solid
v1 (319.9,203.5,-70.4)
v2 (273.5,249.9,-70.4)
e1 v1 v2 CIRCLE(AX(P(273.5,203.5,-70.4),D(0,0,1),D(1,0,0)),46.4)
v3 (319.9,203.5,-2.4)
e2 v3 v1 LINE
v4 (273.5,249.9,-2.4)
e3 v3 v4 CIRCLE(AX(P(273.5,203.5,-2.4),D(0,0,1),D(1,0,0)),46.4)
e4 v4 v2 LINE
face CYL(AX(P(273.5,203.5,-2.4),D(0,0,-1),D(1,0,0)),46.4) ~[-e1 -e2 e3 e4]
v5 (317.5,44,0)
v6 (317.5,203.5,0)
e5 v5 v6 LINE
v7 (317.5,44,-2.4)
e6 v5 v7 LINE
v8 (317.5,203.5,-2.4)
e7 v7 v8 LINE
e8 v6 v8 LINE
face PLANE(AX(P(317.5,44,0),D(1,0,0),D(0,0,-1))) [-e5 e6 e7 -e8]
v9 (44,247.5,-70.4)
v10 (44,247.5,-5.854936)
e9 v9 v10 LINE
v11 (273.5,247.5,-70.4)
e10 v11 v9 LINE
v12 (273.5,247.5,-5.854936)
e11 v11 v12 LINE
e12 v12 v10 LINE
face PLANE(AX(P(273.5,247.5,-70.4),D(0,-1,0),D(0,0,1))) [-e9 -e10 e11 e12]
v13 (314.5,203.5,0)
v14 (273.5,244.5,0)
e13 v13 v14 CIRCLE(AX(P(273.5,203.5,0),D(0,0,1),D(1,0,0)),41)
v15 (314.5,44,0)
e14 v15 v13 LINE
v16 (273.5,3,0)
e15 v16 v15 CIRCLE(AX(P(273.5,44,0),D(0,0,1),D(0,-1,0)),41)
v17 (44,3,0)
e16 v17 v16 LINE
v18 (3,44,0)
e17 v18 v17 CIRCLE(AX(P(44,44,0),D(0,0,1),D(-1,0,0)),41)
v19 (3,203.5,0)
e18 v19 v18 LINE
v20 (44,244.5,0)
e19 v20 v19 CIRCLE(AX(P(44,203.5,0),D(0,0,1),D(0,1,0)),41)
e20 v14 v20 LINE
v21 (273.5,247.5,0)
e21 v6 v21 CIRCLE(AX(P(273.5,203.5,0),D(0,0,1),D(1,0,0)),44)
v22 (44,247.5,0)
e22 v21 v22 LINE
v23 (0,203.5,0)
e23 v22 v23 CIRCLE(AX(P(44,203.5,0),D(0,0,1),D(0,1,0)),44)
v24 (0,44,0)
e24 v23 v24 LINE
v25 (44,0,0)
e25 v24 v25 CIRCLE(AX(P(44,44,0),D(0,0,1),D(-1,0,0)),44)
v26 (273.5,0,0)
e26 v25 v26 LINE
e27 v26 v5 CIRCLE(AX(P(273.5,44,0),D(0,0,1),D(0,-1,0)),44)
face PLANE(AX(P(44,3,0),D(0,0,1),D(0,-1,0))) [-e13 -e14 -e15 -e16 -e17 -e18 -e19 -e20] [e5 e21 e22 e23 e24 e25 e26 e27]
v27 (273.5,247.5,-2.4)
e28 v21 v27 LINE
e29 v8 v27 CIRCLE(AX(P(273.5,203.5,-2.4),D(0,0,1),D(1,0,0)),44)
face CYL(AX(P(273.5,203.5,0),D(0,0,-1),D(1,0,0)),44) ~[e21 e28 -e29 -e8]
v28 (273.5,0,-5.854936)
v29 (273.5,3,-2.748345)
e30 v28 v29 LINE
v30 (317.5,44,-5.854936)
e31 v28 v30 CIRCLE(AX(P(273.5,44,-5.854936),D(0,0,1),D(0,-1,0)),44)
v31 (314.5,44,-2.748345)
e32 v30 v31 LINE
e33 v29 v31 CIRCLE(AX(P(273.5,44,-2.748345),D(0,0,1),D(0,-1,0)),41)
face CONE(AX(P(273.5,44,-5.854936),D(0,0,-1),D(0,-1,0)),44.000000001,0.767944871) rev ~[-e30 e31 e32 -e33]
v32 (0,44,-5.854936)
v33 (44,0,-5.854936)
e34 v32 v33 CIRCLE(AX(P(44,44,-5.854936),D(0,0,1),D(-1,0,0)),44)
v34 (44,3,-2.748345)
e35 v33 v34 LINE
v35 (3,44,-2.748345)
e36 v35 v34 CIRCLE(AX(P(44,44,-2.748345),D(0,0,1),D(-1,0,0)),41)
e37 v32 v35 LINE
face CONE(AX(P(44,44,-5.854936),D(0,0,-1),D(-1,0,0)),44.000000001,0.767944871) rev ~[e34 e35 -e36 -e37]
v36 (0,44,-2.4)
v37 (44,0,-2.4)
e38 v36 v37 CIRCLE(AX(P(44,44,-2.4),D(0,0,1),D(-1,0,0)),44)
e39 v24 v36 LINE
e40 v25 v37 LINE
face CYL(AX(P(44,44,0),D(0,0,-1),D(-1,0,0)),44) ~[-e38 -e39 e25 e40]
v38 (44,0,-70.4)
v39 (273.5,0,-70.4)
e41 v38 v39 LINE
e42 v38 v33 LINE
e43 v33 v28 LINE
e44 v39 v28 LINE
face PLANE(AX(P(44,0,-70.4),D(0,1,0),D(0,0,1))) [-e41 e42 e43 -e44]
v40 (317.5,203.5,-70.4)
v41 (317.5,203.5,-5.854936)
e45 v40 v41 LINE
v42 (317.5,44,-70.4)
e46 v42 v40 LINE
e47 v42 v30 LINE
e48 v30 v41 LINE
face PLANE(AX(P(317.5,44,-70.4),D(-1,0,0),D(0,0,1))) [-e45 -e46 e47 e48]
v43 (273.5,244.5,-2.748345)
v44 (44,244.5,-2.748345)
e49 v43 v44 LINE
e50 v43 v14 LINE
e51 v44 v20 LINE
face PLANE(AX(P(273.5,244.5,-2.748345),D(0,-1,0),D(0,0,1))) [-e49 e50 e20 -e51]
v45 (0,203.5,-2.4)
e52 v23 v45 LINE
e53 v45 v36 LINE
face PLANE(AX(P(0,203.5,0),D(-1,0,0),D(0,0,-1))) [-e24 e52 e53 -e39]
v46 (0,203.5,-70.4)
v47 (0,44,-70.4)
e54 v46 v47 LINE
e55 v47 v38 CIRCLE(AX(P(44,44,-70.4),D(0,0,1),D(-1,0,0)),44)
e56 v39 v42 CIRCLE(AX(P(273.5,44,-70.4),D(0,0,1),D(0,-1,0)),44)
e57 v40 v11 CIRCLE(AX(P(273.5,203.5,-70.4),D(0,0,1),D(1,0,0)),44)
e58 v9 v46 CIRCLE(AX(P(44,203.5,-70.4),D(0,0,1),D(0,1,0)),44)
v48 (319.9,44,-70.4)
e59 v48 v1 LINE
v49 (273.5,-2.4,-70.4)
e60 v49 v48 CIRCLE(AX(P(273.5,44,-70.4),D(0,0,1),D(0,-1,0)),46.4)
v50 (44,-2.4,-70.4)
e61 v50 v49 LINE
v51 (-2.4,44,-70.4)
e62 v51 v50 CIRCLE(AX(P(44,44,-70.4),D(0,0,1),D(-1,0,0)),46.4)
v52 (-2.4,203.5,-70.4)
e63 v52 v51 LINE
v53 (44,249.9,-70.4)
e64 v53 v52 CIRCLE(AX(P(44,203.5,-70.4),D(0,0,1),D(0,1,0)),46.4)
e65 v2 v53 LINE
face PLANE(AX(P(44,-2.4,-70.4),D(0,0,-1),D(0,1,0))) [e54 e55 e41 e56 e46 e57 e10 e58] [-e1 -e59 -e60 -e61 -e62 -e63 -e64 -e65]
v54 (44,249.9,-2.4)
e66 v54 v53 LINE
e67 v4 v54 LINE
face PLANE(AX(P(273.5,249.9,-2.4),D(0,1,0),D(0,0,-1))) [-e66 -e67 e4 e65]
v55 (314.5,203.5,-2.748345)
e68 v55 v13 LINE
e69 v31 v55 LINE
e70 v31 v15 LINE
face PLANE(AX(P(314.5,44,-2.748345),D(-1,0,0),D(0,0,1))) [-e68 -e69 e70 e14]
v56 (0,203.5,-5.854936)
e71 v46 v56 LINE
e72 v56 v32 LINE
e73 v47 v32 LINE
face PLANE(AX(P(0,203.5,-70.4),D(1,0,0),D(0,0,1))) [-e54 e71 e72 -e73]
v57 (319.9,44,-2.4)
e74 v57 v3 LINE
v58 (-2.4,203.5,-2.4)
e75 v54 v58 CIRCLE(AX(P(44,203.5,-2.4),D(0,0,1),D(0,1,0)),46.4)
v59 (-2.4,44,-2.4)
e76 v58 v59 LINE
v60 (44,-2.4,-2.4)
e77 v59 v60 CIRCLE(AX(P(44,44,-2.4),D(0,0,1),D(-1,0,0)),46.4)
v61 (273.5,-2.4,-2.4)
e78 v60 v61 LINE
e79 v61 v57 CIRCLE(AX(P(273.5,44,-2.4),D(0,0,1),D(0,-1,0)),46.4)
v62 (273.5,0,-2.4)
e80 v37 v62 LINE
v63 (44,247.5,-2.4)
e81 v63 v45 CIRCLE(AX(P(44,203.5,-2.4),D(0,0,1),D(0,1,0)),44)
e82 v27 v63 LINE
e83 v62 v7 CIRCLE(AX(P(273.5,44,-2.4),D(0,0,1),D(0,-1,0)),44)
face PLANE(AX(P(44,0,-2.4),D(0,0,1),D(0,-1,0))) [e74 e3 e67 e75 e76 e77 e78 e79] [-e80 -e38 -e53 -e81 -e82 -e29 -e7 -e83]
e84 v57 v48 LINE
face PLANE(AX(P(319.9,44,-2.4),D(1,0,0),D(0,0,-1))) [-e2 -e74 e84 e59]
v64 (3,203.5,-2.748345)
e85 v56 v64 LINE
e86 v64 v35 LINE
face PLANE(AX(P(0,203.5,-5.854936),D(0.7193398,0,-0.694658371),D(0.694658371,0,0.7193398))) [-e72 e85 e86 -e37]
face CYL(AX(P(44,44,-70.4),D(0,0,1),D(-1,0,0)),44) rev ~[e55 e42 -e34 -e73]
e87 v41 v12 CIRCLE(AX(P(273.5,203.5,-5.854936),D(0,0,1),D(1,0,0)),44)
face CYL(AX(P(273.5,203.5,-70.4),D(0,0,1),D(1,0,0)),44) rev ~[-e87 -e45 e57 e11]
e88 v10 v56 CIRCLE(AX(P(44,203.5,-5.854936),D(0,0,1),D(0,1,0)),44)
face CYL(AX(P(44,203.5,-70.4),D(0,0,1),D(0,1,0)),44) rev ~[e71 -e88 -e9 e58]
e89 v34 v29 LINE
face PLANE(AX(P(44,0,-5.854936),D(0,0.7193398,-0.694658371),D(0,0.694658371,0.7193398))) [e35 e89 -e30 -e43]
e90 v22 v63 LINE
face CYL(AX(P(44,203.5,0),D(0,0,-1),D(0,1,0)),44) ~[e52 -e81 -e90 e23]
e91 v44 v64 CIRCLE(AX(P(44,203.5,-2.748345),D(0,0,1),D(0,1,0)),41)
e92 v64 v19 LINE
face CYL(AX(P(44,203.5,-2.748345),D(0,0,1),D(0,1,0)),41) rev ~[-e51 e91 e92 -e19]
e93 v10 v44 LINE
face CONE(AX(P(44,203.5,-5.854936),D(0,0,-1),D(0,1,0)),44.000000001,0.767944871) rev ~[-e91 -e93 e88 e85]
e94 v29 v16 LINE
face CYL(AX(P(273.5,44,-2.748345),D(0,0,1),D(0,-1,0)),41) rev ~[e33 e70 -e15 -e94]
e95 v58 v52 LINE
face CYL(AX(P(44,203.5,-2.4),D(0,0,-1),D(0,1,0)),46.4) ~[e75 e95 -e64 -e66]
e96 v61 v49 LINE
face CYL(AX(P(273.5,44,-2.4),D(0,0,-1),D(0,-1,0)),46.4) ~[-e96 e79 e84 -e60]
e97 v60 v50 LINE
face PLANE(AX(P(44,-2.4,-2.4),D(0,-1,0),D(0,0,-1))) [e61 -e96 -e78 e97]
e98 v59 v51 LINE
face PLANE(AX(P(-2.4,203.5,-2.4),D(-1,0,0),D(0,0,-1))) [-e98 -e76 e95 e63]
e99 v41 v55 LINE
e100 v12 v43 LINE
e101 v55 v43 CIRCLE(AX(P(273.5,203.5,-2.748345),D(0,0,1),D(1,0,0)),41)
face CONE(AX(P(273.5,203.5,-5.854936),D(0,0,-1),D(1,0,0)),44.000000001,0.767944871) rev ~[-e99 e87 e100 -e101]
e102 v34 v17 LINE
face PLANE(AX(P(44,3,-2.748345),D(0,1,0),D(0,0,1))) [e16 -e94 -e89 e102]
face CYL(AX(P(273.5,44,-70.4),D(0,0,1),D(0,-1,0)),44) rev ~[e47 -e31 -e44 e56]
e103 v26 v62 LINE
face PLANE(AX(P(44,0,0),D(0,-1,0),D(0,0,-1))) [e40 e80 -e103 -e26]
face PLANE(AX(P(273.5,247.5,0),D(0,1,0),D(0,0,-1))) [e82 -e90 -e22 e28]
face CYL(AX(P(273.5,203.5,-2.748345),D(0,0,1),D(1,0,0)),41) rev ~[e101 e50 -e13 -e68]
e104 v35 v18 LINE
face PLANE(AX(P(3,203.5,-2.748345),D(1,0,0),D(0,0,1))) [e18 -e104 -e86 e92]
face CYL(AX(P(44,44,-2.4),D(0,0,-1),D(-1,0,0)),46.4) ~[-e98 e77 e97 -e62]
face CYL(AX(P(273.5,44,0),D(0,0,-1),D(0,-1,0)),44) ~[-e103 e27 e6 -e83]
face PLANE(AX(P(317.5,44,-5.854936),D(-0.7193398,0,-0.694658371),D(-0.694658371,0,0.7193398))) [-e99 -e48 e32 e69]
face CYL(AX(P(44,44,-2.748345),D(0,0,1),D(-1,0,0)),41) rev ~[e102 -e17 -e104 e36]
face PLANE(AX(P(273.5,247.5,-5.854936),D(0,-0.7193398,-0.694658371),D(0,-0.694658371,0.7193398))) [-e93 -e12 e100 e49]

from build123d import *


with BuildPart() as part:
    # Sweep2: sweep along a path in BasketRing
    with BuildLine(Plane.XY) as sweep2_path:
        Line((44, 0), (273.5, 0))
        ThreePointArc((273.5, 0), (304.612698372, 12.887301628), (317.5, 44))
        Line((317.5, 44), (317.5, 203.5))
        ThreePointArc((317.5, 203.5), (304.612698372, 234.612698372), (273.5, 247.5))
        Line((273.5, 247.5), (44, 247.5))
        ThreePointArc((44, 247.5), (12.887301628, 234.612698372), (0, 203.5))
        Line((0, 203.5), (0, 44))
        ThreePointArc((0, 44), (12.887301628, 12.887301628), (44, 0))
    # ShapeOf Edge → Sweep2 (sweep)
    with BuildSketch(Plane(origin=(44, 0, 0), x_dir=(0, 0, -1), z_dir=(1, 0, 0))):
        Polygon((0, 0), (2.4, 0), (2.4, -2.4), (70.4, -2.4), (70.4, 0), (5.854935695, 0), (2.748344754, 3), (0, 3), align=None)
    sweep(path=sweep2_path.line)


solid = part.part
